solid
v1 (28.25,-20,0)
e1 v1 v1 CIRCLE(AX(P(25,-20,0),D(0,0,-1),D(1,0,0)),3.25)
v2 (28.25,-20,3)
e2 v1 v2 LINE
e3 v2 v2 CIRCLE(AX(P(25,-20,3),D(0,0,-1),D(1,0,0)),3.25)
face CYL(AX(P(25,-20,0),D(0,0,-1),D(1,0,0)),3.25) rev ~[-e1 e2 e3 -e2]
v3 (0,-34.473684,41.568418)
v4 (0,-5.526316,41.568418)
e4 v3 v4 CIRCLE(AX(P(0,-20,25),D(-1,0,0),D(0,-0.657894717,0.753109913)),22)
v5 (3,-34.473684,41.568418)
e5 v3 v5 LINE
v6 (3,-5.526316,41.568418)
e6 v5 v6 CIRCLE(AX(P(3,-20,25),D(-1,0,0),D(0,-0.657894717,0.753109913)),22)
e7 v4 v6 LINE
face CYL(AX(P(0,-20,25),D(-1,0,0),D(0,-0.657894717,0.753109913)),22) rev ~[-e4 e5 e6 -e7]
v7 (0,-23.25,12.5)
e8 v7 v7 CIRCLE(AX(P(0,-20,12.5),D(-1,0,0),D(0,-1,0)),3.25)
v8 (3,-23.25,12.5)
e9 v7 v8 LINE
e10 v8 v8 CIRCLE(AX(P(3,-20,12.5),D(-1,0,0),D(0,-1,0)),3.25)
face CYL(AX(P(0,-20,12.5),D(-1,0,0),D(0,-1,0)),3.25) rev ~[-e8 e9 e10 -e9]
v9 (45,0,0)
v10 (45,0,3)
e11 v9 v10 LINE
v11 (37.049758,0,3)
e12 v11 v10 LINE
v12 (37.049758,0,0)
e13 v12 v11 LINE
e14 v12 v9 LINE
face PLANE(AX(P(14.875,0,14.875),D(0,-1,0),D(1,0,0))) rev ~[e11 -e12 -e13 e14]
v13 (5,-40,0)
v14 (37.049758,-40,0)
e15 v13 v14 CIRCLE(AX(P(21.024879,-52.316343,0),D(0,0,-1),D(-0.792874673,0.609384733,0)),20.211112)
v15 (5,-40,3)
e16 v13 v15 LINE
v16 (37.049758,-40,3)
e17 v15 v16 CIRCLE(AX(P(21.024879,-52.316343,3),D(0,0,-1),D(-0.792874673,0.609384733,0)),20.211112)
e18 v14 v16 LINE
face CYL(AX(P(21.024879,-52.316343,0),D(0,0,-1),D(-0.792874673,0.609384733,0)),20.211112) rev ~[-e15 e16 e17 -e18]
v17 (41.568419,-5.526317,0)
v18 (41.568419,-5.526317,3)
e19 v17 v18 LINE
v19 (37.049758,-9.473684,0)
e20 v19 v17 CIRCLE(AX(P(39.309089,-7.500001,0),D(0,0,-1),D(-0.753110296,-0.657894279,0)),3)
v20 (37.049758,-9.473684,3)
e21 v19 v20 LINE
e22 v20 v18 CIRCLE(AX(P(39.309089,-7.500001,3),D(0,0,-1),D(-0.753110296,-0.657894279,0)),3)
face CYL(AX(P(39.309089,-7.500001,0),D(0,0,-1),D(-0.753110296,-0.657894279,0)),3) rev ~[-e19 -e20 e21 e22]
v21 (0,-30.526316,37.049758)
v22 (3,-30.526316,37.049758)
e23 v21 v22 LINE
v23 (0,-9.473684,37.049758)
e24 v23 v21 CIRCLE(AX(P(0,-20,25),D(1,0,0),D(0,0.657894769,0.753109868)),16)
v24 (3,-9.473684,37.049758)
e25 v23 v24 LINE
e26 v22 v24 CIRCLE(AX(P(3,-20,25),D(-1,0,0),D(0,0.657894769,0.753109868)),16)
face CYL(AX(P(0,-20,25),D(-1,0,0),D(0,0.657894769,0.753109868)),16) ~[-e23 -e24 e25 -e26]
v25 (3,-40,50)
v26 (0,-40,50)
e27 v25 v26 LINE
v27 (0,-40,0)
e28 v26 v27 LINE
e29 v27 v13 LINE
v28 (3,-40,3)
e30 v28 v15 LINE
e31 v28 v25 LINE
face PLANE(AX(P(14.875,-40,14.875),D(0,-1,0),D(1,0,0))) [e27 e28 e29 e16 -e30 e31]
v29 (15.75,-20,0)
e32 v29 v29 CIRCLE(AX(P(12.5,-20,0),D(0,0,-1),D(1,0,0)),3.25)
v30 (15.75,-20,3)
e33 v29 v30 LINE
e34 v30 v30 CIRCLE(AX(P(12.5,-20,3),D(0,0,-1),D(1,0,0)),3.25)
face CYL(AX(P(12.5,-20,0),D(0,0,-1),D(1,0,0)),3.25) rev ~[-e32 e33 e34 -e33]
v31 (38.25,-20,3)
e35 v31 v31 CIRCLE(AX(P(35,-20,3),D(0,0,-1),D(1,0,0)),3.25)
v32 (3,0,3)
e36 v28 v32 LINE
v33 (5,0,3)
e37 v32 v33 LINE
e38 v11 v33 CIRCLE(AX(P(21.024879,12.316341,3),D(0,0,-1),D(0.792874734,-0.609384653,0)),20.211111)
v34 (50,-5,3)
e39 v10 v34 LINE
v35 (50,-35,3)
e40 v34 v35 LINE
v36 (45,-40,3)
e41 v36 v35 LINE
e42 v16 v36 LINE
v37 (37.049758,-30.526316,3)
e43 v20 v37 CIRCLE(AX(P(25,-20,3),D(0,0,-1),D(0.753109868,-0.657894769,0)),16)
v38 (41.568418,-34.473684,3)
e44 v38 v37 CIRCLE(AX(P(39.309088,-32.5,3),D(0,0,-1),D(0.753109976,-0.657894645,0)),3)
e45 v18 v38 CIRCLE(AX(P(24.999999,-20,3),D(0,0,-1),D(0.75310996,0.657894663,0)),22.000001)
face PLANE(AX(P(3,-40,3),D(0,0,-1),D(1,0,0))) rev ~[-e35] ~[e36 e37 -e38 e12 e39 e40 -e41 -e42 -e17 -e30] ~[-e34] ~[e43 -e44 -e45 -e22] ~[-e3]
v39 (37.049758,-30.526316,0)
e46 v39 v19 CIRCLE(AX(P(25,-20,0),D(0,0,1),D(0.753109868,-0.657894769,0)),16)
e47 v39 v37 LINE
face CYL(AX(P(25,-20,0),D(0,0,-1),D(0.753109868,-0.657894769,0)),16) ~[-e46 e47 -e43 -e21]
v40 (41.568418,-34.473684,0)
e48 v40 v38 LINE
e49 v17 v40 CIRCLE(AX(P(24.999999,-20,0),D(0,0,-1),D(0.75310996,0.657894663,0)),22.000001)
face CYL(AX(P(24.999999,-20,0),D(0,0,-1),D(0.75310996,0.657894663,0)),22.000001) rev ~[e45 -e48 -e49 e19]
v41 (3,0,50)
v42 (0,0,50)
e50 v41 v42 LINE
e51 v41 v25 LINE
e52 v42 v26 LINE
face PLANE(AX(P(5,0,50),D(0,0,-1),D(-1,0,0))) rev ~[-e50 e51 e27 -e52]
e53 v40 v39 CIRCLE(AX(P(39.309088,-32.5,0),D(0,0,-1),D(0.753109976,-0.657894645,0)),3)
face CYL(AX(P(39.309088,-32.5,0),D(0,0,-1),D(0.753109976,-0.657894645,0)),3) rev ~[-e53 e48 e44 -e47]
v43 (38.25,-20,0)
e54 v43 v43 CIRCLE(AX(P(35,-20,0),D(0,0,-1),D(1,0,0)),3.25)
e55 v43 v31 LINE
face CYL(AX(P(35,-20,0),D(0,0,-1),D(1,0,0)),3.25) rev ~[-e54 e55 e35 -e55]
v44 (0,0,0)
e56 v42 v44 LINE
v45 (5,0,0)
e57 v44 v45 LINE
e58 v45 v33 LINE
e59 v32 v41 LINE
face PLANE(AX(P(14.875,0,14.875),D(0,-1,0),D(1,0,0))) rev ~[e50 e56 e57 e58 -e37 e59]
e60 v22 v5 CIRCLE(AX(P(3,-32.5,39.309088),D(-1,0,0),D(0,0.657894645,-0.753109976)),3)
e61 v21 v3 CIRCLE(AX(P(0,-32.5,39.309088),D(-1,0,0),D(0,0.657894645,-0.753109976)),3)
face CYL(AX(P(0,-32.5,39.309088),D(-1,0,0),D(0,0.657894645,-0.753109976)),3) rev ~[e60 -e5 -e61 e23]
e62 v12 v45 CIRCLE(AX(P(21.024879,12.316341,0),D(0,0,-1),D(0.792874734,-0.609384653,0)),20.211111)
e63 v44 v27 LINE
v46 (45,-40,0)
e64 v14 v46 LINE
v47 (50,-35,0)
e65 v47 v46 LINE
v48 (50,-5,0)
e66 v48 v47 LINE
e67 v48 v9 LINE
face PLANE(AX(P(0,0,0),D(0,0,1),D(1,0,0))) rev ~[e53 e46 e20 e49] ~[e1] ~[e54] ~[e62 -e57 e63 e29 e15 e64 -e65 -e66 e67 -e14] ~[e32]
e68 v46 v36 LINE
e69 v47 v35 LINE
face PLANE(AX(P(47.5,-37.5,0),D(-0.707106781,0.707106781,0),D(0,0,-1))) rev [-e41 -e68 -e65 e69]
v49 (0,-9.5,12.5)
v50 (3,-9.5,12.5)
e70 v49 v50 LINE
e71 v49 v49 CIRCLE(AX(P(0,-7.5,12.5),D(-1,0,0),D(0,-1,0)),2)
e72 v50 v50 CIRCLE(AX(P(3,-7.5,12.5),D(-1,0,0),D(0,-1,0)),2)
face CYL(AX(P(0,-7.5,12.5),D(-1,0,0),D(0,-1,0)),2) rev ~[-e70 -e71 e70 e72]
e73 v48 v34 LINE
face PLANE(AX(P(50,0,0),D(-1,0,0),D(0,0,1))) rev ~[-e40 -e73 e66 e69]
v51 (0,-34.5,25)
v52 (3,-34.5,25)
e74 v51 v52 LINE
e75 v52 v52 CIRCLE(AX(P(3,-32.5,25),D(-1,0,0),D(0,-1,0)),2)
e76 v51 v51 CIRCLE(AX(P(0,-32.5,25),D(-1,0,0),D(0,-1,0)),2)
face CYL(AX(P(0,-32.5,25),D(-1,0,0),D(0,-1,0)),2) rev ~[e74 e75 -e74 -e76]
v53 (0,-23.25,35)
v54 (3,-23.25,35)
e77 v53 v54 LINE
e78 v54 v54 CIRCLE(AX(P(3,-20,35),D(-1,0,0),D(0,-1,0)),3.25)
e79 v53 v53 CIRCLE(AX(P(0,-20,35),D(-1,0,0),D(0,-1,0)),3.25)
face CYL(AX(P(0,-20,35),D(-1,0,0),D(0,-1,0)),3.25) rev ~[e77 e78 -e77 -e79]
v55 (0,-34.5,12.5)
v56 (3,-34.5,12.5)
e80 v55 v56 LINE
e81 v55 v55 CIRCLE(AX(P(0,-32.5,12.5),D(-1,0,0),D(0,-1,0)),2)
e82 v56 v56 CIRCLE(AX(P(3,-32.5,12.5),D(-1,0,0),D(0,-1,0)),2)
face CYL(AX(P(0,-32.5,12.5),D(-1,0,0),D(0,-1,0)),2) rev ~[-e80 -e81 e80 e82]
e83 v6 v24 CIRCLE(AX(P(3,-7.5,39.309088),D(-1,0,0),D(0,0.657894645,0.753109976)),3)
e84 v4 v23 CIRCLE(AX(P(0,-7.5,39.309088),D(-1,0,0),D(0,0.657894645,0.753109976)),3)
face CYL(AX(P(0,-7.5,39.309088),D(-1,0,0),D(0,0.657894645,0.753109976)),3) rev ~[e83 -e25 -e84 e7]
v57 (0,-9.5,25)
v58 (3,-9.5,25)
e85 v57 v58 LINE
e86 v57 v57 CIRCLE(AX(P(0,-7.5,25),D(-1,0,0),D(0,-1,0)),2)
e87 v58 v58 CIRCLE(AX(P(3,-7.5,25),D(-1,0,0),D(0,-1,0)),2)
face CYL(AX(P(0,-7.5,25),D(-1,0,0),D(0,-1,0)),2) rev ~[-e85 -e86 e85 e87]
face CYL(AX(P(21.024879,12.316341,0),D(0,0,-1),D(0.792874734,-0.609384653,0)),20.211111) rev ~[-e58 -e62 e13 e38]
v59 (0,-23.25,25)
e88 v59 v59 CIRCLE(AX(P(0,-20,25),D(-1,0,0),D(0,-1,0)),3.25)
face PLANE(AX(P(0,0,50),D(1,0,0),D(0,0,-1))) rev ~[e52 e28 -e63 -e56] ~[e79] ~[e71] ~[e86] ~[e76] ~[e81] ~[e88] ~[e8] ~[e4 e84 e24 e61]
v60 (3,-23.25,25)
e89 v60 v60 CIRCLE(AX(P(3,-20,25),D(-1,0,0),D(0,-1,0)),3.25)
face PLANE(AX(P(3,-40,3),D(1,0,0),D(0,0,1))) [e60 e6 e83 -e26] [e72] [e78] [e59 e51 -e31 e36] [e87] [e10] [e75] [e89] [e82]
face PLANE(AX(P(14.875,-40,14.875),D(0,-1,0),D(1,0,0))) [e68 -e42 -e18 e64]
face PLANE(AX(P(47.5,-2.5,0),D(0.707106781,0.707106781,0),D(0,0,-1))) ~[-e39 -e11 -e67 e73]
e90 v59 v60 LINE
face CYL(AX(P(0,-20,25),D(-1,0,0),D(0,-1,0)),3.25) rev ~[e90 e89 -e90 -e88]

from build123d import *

# Parameters (mm, degrees)
F1_DEPTH  = 40
F2_R      = 3.25
F3_DEPTH  = 25
F4_R      = 3.25
F4_R_2    = 2
F5_DEPTH  = 25
F6_SIZE   = 5
F7_SIZE   = 5
F8_DEPTH  = 25
F9_W      = 50.789644
F9_H      = 57.590966
F10_DEPTH = 51.1


with BuildPart() as f1:
    # F0 (on Front) → F1 (new body)
    with BuildSketch(Plane.XZ):
        Polygon((0, 50), (0, 0), (50, 0), (50, 5), (5, 5), (5, 50), align=None)
    extrude(amount=F1_DEPTH)

    # F2 (on face) → F3 (cut)
    with BuildSketch(Plane(origin=(0, 0, 0), x_dir=(1, 0, 0), z_dir=(0, 0, -1))):
        with Locations((25, 20)):
            Circle(F2_R)
        with BuildLine():
            ThreePointArc((37.049758, 30.526316), (41, 20), (37.049758, 9.473684))
            ThreePointArc((37.049758, 9.473684), (37.335405, 5.240671), (41.568419, 5.526317))
            ThreePointArc((41.568419, 5.526317), (47, 20.000001), (41.568418, 34.473684))
            ThreePointArc((41.568418, 34.473684), (37.335404, 34.75933), (37.049758, 30.526316))
        make_face()
        with Locations((12.5, 20)):
            Circle(F2_R)
        with Locations((35, 20)):
            Circle(F2_R)
        with BuildLine():
            Line((26.554622, -9.521332), (37.049758, 0))
            ThreePointArc((37.049758, 0), (21.024879, 7.89477), (5, 0))
            Line((5, 0), (26.554622, -9.521332))
        make_face()
        with BuildLine():
            Line((21.024879, 52.316344), (5, 40))
            ThreePointArc((5, 40), (21.024879, 32.105231), (37.049758, 40))
            Line((37.049758, 40), (21.024879, 52.316344))
        make_face()
    extrude(amount=-F3_DEPTH, mode=Mode.SUBTRACT)

    # F4 (on face) → F5 (cut)
    with BuildSketch(Plane(origin=(0, 0, 0), x_dir=(0, -1, 0), z_dir=(-1, 0, 0))):
        with Locations((20, 12.5)):
            Circle(F4_R)
        with Locations((20, 25)):
            Circle(F4_R)
        with Locations((20, 35)):
            Circle(F4_R)
        with BuildLine():
            ThreePointArc((9.473684, 37.049758), (20, 41), (30.526316, 37.049758))
            ThreePointArc((30.526316, 37.049758), (34.75933, 37.335404), (34.473684, 41.568418))
            ThreePointArc((34.473684, 41.568418), (20, 47), (5.526316, 41.568418))
            ThreePointArc((5.526316, 41.568418), (5.24067, 37.335404), (9.473684, 37.049758))
        make_face()
        with Locations((32.5, 12.5)):
            Circle(F4_R_2)
        with Locations((32.5, 25)):
            Circle(F4_R_2)
        with Locations((7.5, 25)):
            Circle(F4_R_2)
        with Locations((7.5, 12.5)):
            Circle(F4_R_2)
    extrude(amount=-F5_DEPTH, mode=Mode.SUBTRACT)

    # F6
    f6_edges = [f1.edges().sort_by_distance(p)[0] for p in [
        (50, -40, 2.5),
    ]]
    chamfer(f6_edges, length=F6_SIZE)

    # F7
    f7_edges = [f1.edges().sort_by_distance(p)[0] for p in [
        (50, 0, 2.5),
    ]]
    chamfer(f7_edges, length=F7_SIZE)

    # F2 (on face) → F8 (cut)
    with BuildSketch(Plane(origin=(0, 0, 0), x_dir=(1, 0, 0), z_dir=(0, 0, -1))):
        with Locations((25, 20)):
            Circle(F2_R)
        with BuildLine():
            ThreePointArc((37.049758, 30.526316), (41, 20), (37.049758, 9.473684))
            ThreePointArc((37.049758, 9.473684), (37.335405, 5.240671), (41.568419, 5.526317))
            ThreePointArc((41.568419, 5.526317), (47, 20.000001), (41.568418, 34.473684))
            ThreePointArc((41.568418, 34.473684), (37.335404, 34.75933), (37.049758, 30.526316))
        make_face()
        with Locations((12.5, 20)):
            Circle(F2_R)
        with Locations((35, 20)):
            Circle(F2_R)
        with BuildLine():
            Line((26.554622, -9.521332), (37.049758, 0))
            ThreePointArc((37.049758, 0), (21.024879, 7.89477), (5, 0))
            Line((5, 0), (26.554622, -9.521332))
        make_face()
        with BuildLine():
            Line((21.024879, 52.316344), (5, 40))
            ThreePointArc((5, 40), (21.024879, 32.105231), (37.049758, 40))
            Line((37.049758, 40), (21.024879, 52.316344))
        make_face()
    extrude(amount=F8_DEPTH, mode=Mode.SUBTRACT)

    # F9 (on face) → F10 (cut)
    with BuildSketch(Plane.XZ.offset(40)):
        with Locations((28.394822, 31.795483)):
            Rectangle(F9_W, F9_H)
    extrude(amount=-F10_DEPTH, mode=Mode.SUBTRACT)


solid = f1.part
